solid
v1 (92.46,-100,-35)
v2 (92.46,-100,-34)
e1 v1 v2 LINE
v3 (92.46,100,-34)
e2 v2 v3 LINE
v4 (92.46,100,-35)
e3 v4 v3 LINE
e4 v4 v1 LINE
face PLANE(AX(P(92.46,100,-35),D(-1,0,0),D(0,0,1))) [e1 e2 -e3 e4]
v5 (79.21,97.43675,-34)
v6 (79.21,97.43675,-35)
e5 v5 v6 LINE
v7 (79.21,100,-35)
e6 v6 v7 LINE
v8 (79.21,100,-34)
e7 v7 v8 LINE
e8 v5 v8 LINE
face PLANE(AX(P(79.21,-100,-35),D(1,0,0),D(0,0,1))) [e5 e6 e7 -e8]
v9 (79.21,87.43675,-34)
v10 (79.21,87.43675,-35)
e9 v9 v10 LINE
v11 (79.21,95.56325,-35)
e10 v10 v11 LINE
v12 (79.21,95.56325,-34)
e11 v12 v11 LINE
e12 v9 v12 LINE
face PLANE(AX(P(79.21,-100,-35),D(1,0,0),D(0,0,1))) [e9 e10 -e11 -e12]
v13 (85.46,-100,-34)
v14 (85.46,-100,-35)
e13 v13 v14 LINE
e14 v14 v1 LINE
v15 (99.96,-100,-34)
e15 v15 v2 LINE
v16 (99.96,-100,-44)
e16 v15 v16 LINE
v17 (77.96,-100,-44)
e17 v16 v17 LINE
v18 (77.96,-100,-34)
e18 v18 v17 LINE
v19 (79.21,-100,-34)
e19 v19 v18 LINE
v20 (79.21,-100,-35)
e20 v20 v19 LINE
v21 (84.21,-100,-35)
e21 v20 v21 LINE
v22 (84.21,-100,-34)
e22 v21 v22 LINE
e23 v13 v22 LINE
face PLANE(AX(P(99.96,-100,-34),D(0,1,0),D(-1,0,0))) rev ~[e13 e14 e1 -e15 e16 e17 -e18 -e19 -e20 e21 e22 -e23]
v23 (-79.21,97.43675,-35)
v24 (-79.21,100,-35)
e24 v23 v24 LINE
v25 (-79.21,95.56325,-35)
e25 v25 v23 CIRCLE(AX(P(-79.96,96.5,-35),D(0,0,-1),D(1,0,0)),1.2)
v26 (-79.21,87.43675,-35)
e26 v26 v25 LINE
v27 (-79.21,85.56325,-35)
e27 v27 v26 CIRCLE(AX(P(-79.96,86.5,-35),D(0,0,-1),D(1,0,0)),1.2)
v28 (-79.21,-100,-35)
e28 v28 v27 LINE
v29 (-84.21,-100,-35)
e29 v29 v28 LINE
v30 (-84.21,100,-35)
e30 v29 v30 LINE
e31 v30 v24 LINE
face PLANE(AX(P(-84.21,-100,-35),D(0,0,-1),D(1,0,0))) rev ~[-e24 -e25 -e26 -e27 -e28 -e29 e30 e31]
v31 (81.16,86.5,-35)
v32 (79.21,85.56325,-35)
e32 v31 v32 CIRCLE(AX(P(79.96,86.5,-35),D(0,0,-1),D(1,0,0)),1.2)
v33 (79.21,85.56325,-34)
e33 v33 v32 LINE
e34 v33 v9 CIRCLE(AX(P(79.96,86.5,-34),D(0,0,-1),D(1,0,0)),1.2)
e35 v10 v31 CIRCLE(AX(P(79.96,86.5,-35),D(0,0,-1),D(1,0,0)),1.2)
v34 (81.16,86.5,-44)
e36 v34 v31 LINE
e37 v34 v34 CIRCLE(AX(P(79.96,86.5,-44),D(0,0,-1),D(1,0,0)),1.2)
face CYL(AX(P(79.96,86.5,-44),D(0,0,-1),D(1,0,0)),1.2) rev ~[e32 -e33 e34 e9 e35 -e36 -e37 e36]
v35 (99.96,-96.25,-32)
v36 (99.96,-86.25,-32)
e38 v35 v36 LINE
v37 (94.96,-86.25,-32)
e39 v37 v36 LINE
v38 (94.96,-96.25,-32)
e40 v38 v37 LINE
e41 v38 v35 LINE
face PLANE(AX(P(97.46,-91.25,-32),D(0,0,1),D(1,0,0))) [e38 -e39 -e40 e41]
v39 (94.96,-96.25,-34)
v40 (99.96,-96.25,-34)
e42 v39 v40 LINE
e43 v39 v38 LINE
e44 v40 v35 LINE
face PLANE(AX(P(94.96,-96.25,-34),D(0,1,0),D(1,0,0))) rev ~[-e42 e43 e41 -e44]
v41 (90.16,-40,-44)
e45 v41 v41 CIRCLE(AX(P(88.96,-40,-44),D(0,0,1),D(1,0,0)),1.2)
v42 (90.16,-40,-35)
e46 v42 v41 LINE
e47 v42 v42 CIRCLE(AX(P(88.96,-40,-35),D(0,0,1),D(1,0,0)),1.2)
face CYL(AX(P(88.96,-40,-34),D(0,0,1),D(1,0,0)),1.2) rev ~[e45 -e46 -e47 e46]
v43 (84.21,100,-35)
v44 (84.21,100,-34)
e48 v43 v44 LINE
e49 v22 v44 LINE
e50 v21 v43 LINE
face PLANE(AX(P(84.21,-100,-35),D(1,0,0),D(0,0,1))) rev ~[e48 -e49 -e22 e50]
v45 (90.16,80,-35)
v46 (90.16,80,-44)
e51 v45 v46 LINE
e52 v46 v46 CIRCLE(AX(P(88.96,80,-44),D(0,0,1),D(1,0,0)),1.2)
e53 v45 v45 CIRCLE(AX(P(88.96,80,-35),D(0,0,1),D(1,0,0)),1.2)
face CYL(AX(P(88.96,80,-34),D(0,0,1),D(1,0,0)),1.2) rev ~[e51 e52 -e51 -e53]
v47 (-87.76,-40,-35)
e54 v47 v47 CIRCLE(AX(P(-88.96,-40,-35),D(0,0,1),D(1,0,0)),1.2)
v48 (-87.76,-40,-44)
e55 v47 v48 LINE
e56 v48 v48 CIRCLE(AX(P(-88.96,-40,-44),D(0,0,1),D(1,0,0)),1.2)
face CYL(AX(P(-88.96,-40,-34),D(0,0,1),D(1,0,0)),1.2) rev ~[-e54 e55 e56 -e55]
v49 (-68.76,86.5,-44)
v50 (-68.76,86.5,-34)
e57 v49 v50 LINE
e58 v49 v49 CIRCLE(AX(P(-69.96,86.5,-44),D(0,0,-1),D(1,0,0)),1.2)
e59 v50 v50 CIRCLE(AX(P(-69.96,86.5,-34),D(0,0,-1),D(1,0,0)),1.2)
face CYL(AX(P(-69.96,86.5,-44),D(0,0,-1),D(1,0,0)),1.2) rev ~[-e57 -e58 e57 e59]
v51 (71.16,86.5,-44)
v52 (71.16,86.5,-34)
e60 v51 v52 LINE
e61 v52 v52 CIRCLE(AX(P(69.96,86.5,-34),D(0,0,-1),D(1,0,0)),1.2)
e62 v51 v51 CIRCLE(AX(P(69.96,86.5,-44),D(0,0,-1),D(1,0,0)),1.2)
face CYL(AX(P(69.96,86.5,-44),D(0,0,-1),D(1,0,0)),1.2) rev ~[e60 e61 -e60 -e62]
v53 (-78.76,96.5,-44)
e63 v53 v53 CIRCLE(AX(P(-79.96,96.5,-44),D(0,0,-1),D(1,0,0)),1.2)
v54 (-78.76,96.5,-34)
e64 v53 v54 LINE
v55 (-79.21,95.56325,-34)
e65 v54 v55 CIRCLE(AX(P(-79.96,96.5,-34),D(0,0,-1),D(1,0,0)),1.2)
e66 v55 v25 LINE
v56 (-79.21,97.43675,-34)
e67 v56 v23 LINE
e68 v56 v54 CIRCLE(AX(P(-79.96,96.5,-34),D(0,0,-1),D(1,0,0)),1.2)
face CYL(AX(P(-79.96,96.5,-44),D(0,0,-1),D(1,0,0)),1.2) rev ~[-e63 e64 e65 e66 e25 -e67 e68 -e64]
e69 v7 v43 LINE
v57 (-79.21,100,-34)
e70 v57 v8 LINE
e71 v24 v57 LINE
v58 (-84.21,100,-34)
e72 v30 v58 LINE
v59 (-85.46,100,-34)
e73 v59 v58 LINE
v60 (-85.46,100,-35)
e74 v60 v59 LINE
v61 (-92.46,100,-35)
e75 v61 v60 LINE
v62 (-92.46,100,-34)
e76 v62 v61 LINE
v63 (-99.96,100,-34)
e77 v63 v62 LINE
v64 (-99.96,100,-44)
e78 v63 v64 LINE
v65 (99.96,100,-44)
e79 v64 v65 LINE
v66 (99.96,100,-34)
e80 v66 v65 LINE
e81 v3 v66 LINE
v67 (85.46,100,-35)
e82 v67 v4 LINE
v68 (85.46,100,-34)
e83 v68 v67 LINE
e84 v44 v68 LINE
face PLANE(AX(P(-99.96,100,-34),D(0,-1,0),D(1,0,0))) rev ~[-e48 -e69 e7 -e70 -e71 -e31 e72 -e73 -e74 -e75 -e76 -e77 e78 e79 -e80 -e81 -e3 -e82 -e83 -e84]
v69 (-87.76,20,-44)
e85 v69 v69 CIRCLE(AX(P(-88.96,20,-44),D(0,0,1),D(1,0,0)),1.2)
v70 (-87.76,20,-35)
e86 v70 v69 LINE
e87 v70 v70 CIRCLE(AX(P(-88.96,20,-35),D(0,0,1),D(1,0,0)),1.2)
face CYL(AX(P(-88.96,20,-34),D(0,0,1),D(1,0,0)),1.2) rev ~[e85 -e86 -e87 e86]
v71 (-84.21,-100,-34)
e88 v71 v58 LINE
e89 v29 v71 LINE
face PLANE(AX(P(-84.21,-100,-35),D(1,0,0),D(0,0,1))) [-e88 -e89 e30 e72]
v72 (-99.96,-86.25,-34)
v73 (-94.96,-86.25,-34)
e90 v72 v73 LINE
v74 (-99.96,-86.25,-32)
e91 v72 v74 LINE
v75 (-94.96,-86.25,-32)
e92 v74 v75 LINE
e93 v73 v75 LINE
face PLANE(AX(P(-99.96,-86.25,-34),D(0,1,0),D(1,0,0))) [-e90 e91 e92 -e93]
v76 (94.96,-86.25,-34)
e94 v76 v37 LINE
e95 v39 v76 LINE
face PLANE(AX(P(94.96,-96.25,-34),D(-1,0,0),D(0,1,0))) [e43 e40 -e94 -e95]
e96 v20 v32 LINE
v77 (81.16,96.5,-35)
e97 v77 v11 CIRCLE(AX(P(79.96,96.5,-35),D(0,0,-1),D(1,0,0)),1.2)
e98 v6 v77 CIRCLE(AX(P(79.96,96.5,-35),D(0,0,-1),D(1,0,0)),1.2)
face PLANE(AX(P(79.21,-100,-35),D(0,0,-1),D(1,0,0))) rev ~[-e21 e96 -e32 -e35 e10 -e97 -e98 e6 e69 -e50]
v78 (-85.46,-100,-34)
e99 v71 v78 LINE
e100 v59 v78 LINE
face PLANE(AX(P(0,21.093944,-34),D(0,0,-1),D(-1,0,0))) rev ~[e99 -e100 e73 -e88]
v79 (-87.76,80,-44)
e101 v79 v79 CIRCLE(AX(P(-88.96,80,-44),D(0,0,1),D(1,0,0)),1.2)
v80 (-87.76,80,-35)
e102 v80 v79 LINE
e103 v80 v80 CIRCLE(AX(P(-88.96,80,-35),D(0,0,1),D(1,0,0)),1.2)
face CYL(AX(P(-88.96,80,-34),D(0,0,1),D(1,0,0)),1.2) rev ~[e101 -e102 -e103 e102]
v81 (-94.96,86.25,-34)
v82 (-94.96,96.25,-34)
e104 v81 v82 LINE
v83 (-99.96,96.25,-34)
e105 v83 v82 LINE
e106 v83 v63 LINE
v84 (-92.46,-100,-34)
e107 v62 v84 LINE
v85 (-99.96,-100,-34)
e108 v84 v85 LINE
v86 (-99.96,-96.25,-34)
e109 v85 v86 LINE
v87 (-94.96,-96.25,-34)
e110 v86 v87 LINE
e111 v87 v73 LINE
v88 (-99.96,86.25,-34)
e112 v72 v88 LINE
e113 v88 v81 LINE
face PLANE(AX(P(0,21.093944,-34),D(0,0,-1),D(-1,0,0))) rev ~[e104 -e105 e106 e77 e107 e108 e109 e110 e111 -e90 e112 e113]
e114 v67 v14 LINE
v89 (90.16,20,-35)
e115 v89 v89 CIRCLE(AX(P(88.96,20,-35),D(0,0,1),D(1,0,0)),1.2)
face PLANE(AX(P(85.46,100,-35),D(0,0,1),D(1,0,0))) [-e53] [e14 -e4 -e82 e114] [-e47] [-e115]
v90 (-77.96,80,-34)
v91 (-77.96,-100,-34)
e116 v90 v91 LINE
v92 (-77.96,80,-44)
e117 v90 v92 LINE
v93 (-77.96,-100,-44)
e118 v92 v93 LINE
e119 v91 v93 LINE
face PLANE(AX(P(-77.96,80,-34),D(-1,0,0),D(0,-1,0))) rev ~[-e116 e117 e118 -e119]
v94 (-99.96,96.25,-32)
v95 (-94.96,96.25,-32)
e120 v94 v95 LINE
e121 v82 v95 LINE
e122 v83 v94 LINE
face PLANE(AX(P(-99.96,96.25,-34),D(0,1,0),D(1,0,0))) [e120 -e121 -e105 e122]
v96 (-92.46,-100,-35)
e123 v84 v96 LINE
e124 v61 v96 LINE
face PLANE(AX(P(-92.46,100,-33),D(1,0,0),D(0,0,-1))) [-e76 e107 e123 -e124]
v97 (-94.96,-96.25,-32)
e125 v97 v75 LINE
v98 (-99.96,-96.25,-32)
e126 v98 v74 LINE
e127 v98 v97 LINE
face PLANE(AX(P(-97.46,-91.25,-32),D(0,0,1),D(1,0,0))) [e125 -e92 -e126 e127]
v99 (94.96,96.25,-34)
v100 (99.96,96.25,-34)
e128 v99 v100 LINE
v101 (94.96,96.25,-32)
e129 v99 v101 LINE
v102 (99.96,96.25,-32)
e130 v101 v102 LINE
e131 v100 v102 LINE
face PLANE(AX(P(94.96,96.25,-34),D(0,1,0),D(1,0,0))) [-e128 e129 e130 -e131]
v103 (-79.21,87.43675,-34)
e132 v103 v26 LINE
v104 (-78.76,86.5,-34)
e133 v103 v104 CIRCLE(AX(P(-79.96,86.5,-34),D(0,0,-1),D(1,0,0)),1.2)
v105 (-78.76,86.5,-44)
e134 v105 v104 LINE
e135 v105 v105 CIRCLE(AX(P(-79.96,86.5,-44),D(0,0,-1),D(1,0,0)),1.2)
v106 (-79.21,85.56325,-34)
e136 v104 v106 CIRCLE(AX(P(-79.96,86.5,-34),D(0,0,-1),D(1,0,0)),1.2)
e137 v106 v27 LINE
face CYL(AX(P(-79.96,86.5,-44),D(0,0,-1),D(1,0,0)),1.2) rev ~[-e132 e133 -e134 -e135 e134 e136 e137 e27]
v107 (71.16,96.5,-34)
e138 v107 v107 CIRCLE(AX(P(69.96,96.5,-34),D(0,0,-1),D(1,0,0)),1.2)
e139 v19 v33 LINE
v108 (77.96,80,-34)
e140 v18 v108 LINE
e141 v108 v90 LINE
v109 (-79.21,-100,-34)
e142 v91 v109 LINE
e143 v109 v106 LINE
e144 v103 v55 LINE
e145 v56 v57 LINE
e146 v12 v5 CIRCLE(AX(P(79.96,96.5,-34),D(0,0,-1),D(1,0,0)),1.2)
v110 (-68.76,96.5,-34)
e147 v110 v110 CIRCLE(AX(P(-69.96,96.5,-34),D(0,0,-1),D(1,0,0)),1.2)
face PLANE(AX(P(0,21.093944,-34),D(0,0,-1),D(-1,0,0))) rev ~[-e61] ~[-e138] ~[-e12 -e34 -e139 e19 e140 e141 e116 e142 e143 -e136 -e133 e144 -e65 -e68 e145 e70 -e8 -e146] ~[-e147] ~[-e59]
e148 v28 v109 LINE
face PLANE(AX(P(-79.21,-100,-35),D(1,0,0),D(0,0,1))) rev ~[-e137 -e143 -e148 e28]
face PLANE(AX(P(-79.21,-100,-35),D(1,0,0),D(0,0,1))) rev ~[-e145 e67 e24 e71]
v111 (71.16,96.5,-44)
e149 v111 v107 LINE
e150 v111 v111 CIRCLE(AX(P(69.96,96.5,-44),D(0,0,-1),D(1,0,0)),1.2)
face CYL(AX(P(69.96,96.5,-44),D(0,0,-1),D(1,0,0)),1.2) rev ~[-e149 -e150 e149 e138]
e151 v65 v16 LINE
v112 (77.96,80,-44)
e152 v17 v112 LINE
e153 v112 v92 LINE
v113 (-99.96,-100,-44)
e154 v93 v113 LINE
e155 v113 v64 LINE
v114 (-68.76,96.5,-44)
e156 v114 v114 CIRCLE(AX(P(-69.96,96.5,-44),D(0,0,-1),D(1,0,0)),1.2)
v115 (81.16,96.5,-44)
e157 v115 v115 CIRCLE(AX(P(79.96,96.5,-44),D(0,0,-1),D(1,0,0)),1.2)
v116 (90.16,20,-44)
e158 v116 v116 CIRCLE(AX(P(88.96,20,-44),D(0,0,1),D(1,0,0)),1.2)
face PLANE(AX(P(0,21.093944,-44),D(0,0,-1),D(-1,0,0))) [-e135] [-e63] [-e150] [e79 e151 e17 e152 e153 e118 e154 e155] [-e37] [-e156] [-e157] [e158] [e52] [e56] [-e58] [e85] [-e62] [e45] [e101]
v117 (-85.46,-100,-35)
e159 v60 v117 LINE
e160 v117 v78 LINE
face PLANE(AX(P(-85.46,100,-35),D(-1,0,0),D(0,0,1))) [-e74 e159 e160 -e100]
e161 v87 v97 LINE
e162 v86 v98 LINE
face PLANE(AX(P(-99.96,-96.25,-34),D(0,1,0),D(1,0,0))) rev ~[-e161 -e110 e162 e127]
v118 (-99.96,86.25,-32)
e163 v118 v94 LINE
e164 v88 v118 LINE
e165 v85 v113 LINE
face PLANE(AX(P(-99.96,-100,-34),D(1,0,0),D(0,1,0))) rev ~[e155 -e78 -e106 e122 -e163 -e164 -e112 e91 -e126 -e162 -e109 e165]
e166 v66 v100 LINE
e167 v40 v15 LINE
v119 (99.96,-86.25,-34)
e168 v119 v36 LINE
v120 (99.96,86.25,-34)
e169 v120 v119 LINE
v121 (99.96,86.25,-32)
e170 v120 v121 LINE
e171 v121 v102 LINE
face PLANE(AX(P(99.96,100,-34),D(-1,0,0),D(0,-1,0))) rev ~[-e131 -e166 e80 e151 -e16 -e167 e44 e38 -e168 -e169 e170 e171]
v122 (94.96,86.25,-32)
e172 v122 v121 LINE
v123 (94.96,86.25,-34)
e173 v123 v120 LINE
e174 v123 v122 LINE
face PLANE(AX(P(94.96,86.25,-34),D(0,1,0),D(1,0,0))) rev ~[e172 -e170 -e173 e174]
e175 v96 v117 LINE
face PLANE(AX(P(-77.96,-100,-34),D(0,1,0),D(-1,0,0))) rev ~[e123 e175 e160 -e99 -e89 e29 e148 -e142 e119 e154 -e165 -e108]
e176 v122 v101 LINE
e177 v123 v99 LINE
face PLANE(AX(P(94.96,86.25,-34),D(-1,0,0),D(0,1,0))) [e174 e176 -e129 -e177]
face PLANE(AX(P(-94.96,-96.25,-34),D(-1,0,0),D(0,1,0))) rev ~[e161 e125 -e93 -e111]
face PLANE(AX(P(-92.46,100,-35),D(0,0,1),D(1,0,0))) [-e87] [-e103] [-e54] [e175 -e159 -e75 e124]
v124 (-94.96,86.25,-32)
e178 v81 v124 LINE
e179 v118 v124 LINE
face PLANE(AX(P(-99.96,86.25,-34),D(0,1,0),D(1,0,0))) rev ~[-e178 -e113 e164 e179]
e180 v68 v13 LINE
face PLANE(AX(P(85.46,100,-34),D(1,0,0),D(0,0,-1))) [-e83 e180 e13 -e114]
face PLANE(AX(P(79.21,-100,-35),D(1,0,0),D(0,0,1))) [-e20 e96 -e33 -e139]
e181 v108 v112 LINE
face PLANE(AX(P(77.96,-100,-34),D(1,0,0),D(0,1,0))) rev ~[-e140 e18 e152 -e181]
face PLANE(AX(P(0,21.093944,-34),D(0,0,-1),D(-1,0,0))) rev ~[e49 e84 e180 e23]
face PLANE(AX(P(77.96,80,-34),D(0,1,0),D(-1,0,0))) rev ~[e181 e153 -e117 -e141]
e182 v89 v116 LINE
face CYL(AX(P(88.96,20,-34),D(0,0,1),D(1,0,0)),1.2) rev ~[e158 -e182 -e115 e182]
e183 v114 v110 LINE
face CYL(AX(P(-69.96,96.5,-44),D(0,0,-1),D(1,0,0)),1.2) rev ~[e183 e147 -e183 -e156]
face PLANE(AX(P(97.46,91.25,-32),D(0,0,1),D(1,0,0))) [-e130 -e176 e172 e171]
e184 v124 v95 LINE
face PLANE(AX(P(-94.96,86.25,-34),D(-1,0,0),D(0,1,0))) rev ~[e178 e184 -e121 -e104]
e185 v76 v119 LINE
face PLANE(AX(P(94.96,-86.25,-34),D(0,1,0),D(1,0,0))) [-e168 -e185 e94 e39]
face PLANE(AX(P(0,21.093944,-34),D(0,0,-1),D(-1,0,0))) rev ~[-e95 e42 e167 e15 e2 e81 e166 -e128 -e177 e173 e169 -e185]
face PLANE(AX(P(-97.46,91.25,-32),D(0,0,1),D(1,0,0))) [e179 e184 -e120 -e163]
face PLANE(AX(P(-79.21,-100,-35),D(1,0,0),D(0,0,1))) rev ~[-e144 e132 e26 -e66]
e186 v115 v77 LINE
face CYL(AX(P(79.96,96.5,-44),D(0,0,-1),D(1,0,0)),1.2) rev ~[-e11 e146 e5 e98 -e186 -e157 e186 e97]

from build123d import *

# Parameters (mm, degrees)
SKETCH003_R     = 1.2
PAD001_DEPTH    = 10
POCKET002_DEPTH = 200
SKETCH011_R     = 1.2
POCKET008_DEPTH = 10
SKETCH030_W     = 5
SKETCH030_H     = 10
PAD012_DEPTH    = 2
SKETCH031_W     = 5
SKETCH031_H     = 1
POCKET018_DEPTH = 200


with BuildPart() as part:
    # Sketch003 → Pad001 (new body)
    with BuildSketch(Plane.XY):
        Polygon((-99.96, 100), (99.96, 100), (99.96, -100), (77.96, -100), (77.96, 80), (-77.96, 80), (-77.96, -100), (-99.96, -100), align=None)
        with Locations((-88.96, 80)):
            Circle(SKETCH003_R, mode=Mode.SUBTRACT)
        with Locations((88.96, 80)):
            Circle(SKETCH003_R, mode=Mode.SUBTRACT)
        with Locations((88.96, 20)):
            Circle(SKETCH003_R, mode=Mode.SUBTRACT)
        with Locations((-88.96, 20)):
            Circle(SKETCH003_R, mode=Mode.SUBTRACT)
        with Locations((-88.96, -40)):
            Circle(SKETCH003_R, mode=Mode.SUBTRACT)
        with Locations((88.96, -40)):
            Circle(SKETCH003_R, mode=Mode.SUBTRACT)
    extrude(amount=-PAD001_DEPTH)

    # Sketch004 (on Face6 of Pad001) → Pocket002 (cut)
    with BuildSketch(Plane(origin=(0, 100, 0), x_dir=(-1, 0, 0), z_dir=(0, 1, 0))):
        Polygon((-85.46, 0), (-85.46, -1), (-92.46, -1), (-92.46, 1), (92.46, 1), (92.46, -1), (85.46, -1), (85.46, 0), align=None)
    extrude(amount=-POCKET002_DEPTH, mode=Mode.SUBTRACT)

    # Sketch011 (on Face5 of Pocket002) → Pocket008 (cut)
    with BuildSketch(Plane(origin=(0, 0, -10), x_dir=(1, 0, 0), z_dir=(0, 0, -1))):
        with Locations((-79.96, -86.5)):
            Circle(SKETCH011_R)
        with Locations((-69.96, -86.5)):
            Circle(SKETCH011_R)
        with Locations((-69.96, -96.5)):
            Circle(SKETCH011_R)
        with Locations((-79.96, -96.5)):
            Circle(SKETCH011_R)
        with Locations((69.96, -86.5)):
            Circle(SKETCH011_R)
        with Locations((79.96, -86.5)):
            Circle(SKETCH011_R)
        with Locations((79.96, -96.5)):
            Circle(SKETCH011_R)
        with Locations((69.96, -96.5)):
            Circle(SKETCH011_R)
    extrude(amount=-POCKET008_DEPTH, mode=Mode.SUBTRACT)

    # Sketch030 (on Face4 of Pocket008) → Pad012 (join)
    with BuildSketch(Plane.XY):
        with Locations((97.46, 91.25)):
            Rectangle(SKETCH030_W, SKETCH030_H)
        with Locations((97.46, -91.25)):
            Rectangle(SKETCH030_W, SKETCH030_H)
        with Locations((-97.46, 91.25)):
            Rectangle(SKETCH030_W, SKETCH030_H)
        with Locations((-97.46, -91.25)):
            Rectangle(SKETCH030_W, SKETCH030_H)
    extrude(amount=PAD012_DEPTH)

    # Sketch031 (on Face2 of Pad012) → Pocket018 (cut)
    with BuildSketch(Plane.XZ.offset(100)):
        with Locations((81.71, -0.5)):
            Rectangle(SKETCH031_W, SKETCH031_H)
        with Locations((-81.71, -0.5)):
            Rectangle(SKETCH031_W, SKETCH031_H)
    extrude(amount=-POCKET018_DEPTH, mode=Mode.SUBTRACT)


with BuildPart() as part_1:
    # Body001 placement: moved
    add(part.part.moved(Location((0, 0, -34))))


solid = part_1.part
